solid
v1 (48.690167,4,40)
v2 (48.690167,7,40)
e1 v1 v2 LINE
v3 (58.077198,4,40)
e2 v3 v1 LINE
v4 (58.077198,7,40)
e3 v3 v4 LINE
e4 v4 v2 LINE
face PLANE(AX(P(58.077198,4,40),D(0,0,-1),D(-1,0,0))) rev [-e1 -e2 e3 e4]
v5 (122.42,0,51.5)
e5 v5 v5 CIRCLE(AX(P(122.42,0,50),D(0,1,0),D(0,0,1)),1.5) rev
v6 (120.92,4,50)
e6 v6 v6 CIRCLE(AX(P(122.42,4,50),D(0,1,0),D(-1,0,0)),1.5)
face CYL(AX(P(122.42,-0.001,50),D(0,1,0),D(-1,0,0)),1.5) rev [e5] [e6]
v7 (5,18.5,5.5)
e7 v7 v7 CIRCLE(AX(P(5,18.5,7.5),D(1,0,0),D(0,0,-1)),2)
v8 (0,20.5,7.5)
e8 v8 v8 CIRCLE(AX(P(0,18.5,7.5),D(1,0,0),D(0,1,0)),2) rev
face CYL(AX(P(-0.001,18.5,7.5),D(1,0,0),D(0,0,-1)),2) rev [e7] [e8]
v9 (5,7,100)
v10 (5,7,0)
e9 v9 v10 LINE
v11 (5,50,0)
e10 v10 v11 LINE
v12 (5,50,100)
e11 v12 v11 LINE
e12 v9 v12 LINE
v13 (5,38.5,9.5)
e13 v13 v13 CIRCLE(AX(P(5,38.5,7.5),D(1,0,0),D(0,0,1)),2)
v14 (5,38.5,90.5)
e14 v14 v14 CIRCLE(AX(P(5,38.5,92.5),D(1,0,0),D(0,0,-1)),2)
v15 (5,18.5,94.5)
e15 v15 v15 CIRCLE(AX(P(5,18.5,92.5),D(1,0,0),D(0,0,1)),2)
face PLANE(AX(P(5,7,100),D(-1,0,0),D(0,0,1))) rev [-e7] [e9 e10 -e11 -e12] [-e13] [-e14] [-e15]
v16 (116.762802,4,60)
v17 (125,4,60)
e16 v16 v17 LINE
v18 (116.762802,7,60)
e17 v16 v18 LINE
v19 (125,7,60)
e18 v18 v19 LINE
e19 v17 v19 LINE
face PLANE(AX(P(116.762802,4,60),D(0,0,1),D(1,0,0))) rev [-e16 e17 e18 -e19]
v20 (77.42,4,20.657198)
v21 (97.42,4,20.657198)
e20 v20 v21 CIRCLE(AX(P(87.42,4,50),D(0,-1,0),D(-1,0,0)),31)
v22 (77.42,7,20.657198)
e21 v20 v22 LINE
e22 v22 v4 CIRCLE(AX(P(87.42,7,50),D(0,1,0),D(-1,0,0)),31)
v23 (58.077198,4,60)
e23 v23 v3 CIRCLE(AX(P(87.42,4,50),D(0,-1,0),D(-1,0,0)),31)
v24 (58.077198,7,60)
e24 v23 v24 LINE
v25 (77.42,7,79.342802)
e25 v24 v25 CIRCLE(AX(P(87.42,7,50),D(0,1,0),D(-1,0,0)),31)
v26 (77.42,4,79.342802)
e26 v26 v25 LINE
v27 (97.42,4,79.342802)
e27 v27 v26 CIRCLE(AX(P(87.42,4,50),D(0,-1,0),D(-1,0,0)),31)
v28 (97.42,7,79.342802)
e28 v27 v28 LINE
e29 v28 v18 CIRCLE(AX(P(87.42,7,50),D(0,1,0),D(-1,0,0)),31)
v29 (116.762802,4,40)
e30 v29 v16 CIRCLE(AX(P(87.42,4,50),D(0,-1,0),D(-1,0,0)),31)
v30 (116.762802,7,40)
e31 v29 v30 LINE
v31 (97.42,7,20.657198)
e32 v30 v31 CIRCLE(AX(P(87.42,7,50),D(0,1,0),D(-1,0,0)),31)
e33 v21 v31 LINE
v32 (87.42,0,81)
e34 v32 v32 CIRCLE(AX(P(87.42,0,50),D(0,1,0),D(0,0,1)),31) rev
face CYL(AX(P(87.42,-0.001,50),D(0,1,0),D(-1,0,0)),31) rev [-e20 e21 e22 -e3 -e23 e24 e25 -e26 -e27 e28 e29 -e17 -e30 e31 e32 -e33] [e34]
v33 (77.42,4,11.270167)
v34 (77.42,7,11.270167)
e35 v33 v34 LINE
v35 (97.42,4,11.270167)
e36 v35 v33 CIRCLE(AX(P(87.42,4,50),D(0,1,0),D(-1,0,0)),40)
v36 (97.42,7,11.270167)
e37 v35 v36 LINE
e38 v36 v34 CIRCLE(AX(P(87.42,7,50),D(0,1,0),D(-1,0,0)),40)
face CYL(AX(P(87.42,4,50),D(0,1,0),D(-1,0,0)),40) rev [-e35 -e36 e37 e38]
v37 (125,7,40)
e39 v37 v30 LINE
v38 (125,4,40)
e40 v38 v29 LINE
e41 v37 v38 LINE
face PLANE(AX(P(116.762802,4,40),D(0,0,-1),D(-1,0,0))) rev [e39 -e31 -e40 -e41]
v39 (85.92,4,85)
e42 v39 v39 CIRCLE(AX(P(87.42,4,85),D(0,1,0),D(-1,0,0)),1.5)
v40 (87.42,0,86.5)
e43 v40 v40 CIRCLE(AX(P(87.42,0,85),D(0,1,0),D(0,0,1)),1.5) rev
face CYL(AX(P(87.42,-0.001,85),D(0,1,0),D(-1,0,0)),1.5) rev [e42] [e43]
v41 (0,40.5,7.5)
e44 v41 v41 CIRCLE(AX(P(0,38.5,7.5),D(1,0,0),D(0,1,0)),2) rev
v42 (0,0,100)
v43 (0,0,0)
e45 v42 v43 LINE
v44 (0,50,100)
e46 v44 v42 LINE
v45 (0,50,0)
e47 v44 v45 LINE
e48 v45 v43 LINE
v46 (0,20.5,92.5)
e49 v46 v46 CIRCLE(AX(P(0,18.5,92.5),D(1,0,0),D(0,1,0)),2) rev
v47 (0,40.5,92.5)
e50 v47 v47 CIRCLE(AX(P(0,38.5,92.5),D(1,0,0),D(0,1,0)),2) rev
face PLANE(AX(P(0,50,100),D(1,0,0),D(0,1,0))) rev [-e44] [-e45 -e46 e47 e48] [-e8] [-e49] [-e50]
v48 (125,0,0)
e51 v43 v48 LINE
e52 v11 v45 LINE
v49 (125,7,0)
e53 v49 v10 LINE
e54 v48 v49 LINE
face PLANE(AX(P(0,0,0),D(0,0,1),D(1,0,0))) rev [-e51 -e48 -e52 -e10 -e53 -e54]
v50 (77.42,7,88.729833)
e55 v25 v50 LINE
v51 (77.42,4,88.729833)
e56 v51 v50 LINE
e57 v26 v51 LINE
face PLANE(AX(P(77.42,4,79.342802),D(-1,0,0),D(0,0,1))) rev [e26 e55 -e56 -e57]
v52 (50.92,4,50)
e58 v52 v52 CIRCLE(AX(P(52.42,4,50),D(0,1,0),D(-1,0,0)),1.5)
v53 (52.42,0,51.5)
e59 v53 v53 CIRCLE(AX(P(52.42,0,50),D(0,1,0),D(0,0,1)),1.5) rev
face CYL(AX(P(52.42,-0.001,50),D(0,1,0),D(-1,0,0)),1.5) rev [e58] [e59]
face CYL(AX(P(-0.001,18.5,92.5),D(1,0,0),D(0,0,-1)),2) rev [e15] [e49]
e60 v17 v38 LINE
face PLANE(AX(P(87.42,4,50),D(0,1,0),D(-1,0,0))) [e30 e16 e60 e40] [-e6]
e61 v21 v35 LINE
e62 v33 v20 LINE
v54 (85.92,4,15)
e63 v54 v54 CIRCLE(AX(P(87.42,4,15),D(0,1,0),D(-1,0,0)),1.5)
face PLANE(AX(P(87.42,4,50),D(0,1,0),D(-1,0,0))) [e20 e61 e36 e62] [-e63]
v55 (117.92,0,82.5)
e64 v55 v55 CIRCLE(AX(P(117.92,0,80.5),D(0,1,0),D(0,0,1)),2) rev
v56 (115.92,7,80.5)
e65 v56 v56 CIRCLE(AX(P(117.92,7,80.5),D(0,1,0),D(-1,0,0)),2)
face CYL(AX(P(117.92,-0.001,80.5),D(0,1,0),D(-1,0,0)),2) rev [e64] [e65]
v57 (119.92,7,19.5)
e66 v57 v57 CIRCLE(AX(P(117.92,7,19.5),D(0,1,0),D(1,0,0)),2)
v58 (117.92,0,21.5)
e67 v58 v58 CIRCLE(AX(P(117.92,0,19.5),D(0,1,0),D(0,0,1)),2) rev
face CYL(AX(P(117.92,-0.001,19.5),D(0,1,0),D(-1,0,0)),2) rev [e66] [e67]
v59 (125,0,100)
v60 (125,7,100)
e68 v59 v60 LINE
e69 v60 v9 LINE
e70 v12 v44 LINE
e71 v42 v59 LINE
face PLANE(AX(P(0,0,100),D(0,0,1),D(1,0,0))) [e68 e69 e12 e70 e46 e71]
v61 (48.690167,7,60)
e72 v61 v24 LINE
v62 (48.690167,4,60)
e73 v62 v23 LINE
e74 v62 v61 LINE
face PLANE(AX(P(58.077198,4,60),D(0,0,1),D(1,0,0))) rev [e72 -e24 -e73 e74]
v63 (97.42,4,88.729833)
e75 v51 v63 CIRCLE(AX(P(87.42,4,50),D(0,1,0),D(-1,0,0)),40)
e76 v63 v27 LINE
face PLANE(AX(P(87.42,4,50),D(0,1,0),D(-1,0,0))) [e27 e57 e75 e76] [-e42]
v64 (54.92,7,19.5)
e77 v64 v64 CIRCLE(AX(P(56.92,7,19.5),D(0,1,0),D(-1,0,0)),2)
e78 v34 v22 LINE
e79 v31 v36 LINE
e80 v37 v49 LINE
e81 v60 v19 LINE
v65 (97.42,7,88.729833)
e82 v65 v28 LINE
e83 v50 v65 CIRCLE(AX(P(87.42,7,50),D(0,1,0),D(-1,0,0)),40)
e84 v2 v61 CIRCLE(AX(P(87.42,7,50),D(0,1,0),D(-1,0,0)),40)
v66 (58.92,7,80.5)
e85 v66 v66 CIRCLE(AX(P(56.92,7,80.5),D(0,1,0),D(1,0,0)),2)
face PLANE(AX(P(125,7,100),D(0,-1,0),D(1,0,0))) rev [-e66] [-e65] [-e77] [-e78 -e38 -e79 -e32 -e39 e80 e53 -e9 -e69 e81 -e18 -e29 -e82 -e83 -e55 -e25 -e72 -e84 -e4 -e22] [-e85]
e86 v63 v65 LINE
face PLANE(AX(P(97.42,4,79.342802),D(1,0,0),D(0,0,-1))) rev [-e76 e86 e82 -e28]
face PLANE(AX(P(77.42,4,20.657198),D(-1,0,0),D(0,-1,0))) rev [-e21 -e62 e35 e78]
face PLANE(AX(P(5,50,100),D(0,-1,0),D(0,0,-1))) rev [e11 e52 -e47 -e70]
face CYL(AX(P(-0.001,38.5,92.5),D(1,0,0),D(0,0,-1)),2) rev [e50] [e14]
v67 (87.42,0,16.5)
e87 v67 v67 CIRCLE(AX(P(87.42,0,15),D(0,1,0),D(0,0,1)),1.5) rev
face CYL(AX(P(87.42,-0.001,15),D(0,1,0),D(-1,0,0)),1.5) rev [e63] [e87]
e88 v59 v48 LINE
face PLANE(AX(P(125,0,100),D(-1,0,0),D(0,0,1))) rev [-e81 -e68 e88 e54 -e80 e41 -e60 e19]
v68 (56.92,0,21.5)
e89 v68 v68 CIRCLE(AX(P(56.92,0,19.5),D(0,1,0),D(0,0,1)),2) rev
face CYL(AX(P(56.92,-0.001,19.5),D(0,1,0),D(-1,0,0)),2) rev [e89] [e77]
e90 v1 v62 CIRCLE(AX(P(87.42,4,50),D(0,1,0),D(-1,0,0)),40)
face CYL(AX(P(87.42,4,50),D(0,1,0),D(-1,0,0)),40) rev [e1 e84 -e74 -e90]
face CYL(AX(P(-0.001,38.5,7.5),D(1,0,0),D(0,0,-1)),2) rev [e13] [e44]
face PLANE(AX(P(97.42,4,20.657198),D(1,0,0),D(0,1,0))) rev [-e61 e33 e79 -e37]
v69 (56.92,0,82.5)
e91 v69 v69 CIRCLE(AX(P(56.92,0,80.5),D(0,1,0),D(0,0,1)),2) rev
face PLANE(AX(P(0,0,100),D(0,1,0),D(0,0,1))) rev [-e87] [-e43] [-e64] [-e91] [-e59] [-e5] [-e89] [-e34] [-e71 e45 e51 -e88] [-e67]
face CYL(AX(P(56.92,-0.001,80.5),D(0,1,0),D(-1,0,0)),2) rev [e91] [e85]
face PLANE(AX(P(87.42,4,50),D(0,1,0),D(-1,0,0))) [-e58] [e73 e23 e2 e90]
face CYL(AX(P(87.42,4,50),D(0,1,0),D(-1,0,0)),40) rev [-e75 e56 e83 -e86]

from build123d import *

# Parameters (mm, degrees)
BOSS_EXTRUDE1_DEPTH = 100
CUT_EXTRUDE1_REACH  = 167.753
SKETCH2_R           = 31
SKETCH2_R_2         = 2
CUT_EXTRUDE2_REACH  = 166.012
SKETCH3_R           = 2
CUT_EXTRUDE3_DEPTH  = 3
CUT_EXTRUDE4_REACH  = 168.556
SKETCH6_R           = 1.5


with BuildPart() as part:
    # Sketch1 → Boss-Extrude1 (new body)
    with BuildSketch(Plane.XY):
        Polygon((0, 0), (125, 0), (125, 7), (5, 7), (5, 50), (0, 50), align=None)
    extrude(amount=BOSS_EXTRUDE1_DEPTH)

    # Sketch2 → Cut-Extrude1 (cut, up to next)
    with BuildSketch(Plane(origin=(0, 7, 0), x_dir=(1, 0, 0), z_dir=(0, 1, 0)), mode=Mode.PRIVATE) as cut_extrude1_sk1:
        with Locations(Location((87.42, -50, 0), (0, 0, 180))):
            Circle(SKETCH2_R)
    cut_extrude1_tool1 = extrude(cut_extrude1_sk1.sketch, amount=-CUT_EXTRUDE1_REACH, mode=Mode.PRIVATE) & part.part
    # Sketch2 → Cut-Extrude1 (cut, up to next)
    with BuildSketch(Plane(origin=(0, 7, 0), x_dir=(1, 0, 0), z_dir=(0, 1, 0)), mode=Mode.PRIVATE) as cut_extrude1_sk2:
        with Locations(Location((56.92, -19.5, 0), (0, 0, 180))):
            Circle(SKETCH2_R_2)
    cut_extrude1_tool2 = extrude(cut_extrude1_sk2.sketch, amount=-CUT_EXTRUDE1_REACH, mode=Mode.PRIVATE) & part.part
    # Sketch2 → Cut-Extrude1 (cut, up to next)
    with BuildSketch(Plane(origin=(0, 7, 0), x_dir=(1, 0, 0), z_dir=(0, 1, 0)), mode=Mode.PRIVATE) as cut_extrude1_sk3:
        with Locations(Location((56.92, -80.5, 0), (0, 0, 270))):
            Circle(SKETCH2_R_2)
    cut_extrude1_tool3 = extrude(cut_extrude1_sk3.sketch, amount=-CUT_EXTRUDE1_REACH, mode=Mode.PRIVATE) & part.part
    # Sketch2 → Cut-Extrude1 (cut, up to next)
    with BuildSketch(Plane(origin=(0, 7, 0), x_dir=(1, 0, 0), z_dir=(0, 1, 0)), mode=Mode.PRIVATE) as cut_extrude1_sk4:
        with Locations(Location((117.92, -19.5, 0), (0, 0, 270))):
            Circle(SKETCH2_R_2)
    cut_extrude1_tool4 = extrude(cut_extrude1_sk4.sketch, amount=-CUT_EXTRUDE1_REACH, mode=Mode.PRIVATE) & part.part
    # Sketch2 → Cut-Extrude1 (cut, up to next)
    with BuildSketch(Plane(origin=(0, 7, 0), x_dir=(1, 0, 0), z_dir=(0, 1, 0)), mode=Mode.PRIVATE) as cut_extrude1_sk5:
        with Locations(Location((117.92, -80.5, 0), (0, 0, 180))):
            Circle(SKETCH2_R_2)
    cut_extrude1_tool5 = extrude(cut_extrude1_sk5.sketch, amount=-CUT_EXTRUDE1_REACH, mode=Mode.PRIVATE) & part.part
    add(cut_extrude1_tool1.solids().sort_by_distance((87.42, 7, 50))[0], mode=Mode.SUBTRACT)
    add(cut_extrude1_tool2.solids().sort_by_distance((56.92, 7, 19.5))[0], mode=Mode.SUBTRACT)
    add(cut_extrude1_tool3.solids().sort_by_distance((56.92, 7, 80.5))[0], mode=Mode.SUBTRACT)
    add(cut_extrude1_tool4.solids().sort_by_distance((117.92, 7, 19.5))[0], mode=Mode.SUBTRACT)
    add(cut_extrude1_tool5.solids().sort_by_distance((117.92, 7, 80.5))[0], mode=Mode.SUBTRACT)

    # Sketch3 → Cut-Extrude2 (cut, up to next)
    with BuildSketch(Plane(origin=(5, 0, 0), x_dir=(0, 0, -1), z_dir=(1, 0, 0)), mode=Mode.PRIVATE) as cut_extrude2_sk1:
        with Locations((-92.5, 38.5)):
            Circle(SKETCH3_R)
    cut_extrude2_tool1 = extrude(cut_extrude2_sk1.sketch, amount=-CUT_EXTRUDE2_REACH, mode=Mode.PRIVATE) & part.part
    # Sketch3 → Cut-Extrude2 (cut, up to next)
    with BuildSketch(Plane(origin=(5, 0, 0), x_dir=(0, 0, -1), z_dir=(1, 0, 0)), mode=Mode.PRIVATE) as cut_extrude2_sk2:
        with Locations(Location((-92.5, 18.5, 0), (0, 0, 90))):
            Circle(SKETCH3_R)
    cut_extrude2_tool2 = extrude(cut_extrude2_sk2.sketch, amount=-CUT_EXTRUDE2_REACH, mode=Mode.PRIVATE) & part.part
    # Sketch3 → Cut-Extrude2 (cut, up to next)
    with BuildSketch(Plane(origin=(5, 0, 0), x_dir=(0, 0, -1), z_dir=(1, 0, 0)), mode=Mode.PRIVATE) as cut_extrude2_sk3:
        with Locations(Location((-7.5, 38.5, 0), (0, 0, 90))):
            Circle(SKETCH3_R)
    cut_extrude2_tool3 = extrude(cut_extrude2_sk3.sketch, amount=-CUT_EXTRUDE2_REACH, mode=Mode.PRIVATE) & part.part
    # Sketch3 → Cut-Extrude2 (cut, up to next)
    with BuildSketch(Plane(origin=(5, 0, 0), x_dir=(0, 0, -1), z_dir=(1, 0, 0)), mode=Mode.PRIVATE) as cut_extrude2_sk4:
        with Locations((-7.5, 18.5)):
            Circle(SKETCH3_R)
    cut_extrude2_tool4 = extrude(cut_extrude2_sk4.sketch, amount=-CUT_EXTRUDE2_REACH, mode=Mode.PRIVATE) & part.part
    add(cut_extrude2_tool1.solids().sort_by_distance((5, 38.5, 92.5))[0], mode=Mode.SUBTRACT)
    add(cut_extrude2_tool2.solids().sort_by_distance((5, 18.5, 92.5))[0], mode=Mode.SUBTRACT)
    add(cut_extrude2_tool3.solids().sort_by_distance((5, 38.5, 7.5))[0], mode=Mode.SUBTRACT)
    add(cut_extrude2_tool4.solids().sort_by_distance((5, 18.5, 7.5))[0], mode=Mode.SUBTRACT)

    # Sketch4 → Cut-Extrude3 (cut)
    with BuildSketch(Plane(origin=(0, 7, 0), x_dir=(1, 0, 0), z_dir=(0, 1, 0))):
        with BuildLine():
            Line((97.42, -20.657198498), (97.42, -11.270166538))
            ThreePointArc((97.42, -11.270166538), (87.42, -10), (77.42, -11.270166538))
            Line((77.42, -11.270166538), (77.42, -20.657198498))
            ThreePointArc((77.42, -20.657198498), (87.42, -19), (97.42, -20.657198498))
        make_face()
        with BuildLine():
            Line((116.762801502, -60), (126.149833462, -60))
            ThreePointArc((126.149833462, -60), (127.42, -50), (126.149833462, -40))
            Line((126.149833462, -40), (116.762801502, -40))
            ThreePointArc((116.762801502, -40), (118.42, -50), (116.762801502, -60))
        make_face()
        with BuildLine():
            Line((77.42, -79.342801502), (77.42, -88.729833462))
            ThreePointArc((77.42, -88.729833462), (87.42, -90), (97.42, -88.729833462))
            Line((97.42, -88.729833462), (97.42, -79.342801502))
            ThreePointArc((97.42, -79.342801502), (87.42, -81), (77.42, -79.342801502))
        make_face()
        with BuildLine():
            Line((58.077198498, -40), (48.690166538, -40))
            ThreePointArc((48.690166538, -40), (47.42, -50), (48.690166538, -60))
            Line((48.690166538, -60), (58.077198498, -60))
            ThreePointArc((58.077198498, -60), (56.42, -50), (58.077198498, -40))
        make_face()
    extrude(amount=-CUT_EXTRUDE3_DEPTH, mode=Mode.SUBTRACT)

    # Sketch6 → Cut-Extrude4 (cut, up to next)
    with BuildSketch(Plane(origin=(0, 4, 0), x_dir=(1, 0, 0), z_dir=(0, 1, 0)), mode=Mode.PRIVATE) as cut_extrude4_sk1:
        with Locations(Location((87.42, -15, 0), (0, 0, 180))):
            Circle(SKETCH6_R)
    cut_extrude4_tool1 = extrude(cut_extrude4_sk1.sketch, amount=-CUT_EXTRUDE4_REACH, mode=Mode.PRIVATE) & part.part
    # Sketch6 → Cut-Extrude4 (cut, up to next)
    with BuildSketch(Plane(origin=(0, 4, 0), x_dir=(1, 0, 0), z_dir=(0, 1, 0)), mode=Mode.PRIVATE) as cut_extrude4_sk2:
        with Locations(Location((122.42, -50, 0), (0, 0, 180))):
            Circle(SKETCH6_R)
    cut_extrude4_tool2 = extrude(cut_extrude4_sk2.sketch, amount=-CUT_EXTRUDE4_REACH, mode=Mode.PRIVATE) & part.part
    # Sketch6 → Cut-Extrude4 (cut, up to next)
    with BuildSketch(Plane(origin=(0, 4, 0), x_dir=(1, 0, 0), z_dir=(0, 1, 0)), mode=Mode.PRIVATE) as cut_extrude4_sk3:
        with Locations(Location((87.42, -85, 0), (0, 0, 180))):
            Circle(SKETCH6_R)
    cut_extrude4_tool3 = extrude(cut_extrude4_sk3.sketch, amount=-CUT_EXTRUDE4_REACH, mode=Mode.PRIVATE) & part.part
    # Sketch6 → Cut-Extrude4 (cut, up to next)
    with BuildSketch(Plane(origin=(0, 4, 0), x_dir=(1, 0, 0), z_dir=(0, 1, 0)), mode=Mode.PRIVATE) as cut_extrude4_sk4:
        with Locations(Location((52.42, -50, 0), (0, 0, 180))):
            Circle(SKETCH6_R)
    cut_extrude4_tool4 = extrude(cut_extrude4_sk4.sketch, amount=-CUT_EXTRUDE4_REACH, mode=Mode.PRIVATE) & part.part
    add(cut_extrude4_tool1.solids().sort_by_distance((87.42, 4, 15))[0], mode=Mode.SUBTRACT)
    add(cut_extrude4_tool2.solids().sort_by_distance((122.42, 4, 50))[0], mode=Mode.SUBTRACT)
    add(cut_extrude4_tool3.solids().sort_by_distance((87.42, 4, 85))[0], mode=Mode.SUBTRACT)
    add(cut_extrude4_tool4.solids().sort_by_distance((52.42, 4, 50))[0], mode=Mode.SUBTRACT)


solid = part.part
